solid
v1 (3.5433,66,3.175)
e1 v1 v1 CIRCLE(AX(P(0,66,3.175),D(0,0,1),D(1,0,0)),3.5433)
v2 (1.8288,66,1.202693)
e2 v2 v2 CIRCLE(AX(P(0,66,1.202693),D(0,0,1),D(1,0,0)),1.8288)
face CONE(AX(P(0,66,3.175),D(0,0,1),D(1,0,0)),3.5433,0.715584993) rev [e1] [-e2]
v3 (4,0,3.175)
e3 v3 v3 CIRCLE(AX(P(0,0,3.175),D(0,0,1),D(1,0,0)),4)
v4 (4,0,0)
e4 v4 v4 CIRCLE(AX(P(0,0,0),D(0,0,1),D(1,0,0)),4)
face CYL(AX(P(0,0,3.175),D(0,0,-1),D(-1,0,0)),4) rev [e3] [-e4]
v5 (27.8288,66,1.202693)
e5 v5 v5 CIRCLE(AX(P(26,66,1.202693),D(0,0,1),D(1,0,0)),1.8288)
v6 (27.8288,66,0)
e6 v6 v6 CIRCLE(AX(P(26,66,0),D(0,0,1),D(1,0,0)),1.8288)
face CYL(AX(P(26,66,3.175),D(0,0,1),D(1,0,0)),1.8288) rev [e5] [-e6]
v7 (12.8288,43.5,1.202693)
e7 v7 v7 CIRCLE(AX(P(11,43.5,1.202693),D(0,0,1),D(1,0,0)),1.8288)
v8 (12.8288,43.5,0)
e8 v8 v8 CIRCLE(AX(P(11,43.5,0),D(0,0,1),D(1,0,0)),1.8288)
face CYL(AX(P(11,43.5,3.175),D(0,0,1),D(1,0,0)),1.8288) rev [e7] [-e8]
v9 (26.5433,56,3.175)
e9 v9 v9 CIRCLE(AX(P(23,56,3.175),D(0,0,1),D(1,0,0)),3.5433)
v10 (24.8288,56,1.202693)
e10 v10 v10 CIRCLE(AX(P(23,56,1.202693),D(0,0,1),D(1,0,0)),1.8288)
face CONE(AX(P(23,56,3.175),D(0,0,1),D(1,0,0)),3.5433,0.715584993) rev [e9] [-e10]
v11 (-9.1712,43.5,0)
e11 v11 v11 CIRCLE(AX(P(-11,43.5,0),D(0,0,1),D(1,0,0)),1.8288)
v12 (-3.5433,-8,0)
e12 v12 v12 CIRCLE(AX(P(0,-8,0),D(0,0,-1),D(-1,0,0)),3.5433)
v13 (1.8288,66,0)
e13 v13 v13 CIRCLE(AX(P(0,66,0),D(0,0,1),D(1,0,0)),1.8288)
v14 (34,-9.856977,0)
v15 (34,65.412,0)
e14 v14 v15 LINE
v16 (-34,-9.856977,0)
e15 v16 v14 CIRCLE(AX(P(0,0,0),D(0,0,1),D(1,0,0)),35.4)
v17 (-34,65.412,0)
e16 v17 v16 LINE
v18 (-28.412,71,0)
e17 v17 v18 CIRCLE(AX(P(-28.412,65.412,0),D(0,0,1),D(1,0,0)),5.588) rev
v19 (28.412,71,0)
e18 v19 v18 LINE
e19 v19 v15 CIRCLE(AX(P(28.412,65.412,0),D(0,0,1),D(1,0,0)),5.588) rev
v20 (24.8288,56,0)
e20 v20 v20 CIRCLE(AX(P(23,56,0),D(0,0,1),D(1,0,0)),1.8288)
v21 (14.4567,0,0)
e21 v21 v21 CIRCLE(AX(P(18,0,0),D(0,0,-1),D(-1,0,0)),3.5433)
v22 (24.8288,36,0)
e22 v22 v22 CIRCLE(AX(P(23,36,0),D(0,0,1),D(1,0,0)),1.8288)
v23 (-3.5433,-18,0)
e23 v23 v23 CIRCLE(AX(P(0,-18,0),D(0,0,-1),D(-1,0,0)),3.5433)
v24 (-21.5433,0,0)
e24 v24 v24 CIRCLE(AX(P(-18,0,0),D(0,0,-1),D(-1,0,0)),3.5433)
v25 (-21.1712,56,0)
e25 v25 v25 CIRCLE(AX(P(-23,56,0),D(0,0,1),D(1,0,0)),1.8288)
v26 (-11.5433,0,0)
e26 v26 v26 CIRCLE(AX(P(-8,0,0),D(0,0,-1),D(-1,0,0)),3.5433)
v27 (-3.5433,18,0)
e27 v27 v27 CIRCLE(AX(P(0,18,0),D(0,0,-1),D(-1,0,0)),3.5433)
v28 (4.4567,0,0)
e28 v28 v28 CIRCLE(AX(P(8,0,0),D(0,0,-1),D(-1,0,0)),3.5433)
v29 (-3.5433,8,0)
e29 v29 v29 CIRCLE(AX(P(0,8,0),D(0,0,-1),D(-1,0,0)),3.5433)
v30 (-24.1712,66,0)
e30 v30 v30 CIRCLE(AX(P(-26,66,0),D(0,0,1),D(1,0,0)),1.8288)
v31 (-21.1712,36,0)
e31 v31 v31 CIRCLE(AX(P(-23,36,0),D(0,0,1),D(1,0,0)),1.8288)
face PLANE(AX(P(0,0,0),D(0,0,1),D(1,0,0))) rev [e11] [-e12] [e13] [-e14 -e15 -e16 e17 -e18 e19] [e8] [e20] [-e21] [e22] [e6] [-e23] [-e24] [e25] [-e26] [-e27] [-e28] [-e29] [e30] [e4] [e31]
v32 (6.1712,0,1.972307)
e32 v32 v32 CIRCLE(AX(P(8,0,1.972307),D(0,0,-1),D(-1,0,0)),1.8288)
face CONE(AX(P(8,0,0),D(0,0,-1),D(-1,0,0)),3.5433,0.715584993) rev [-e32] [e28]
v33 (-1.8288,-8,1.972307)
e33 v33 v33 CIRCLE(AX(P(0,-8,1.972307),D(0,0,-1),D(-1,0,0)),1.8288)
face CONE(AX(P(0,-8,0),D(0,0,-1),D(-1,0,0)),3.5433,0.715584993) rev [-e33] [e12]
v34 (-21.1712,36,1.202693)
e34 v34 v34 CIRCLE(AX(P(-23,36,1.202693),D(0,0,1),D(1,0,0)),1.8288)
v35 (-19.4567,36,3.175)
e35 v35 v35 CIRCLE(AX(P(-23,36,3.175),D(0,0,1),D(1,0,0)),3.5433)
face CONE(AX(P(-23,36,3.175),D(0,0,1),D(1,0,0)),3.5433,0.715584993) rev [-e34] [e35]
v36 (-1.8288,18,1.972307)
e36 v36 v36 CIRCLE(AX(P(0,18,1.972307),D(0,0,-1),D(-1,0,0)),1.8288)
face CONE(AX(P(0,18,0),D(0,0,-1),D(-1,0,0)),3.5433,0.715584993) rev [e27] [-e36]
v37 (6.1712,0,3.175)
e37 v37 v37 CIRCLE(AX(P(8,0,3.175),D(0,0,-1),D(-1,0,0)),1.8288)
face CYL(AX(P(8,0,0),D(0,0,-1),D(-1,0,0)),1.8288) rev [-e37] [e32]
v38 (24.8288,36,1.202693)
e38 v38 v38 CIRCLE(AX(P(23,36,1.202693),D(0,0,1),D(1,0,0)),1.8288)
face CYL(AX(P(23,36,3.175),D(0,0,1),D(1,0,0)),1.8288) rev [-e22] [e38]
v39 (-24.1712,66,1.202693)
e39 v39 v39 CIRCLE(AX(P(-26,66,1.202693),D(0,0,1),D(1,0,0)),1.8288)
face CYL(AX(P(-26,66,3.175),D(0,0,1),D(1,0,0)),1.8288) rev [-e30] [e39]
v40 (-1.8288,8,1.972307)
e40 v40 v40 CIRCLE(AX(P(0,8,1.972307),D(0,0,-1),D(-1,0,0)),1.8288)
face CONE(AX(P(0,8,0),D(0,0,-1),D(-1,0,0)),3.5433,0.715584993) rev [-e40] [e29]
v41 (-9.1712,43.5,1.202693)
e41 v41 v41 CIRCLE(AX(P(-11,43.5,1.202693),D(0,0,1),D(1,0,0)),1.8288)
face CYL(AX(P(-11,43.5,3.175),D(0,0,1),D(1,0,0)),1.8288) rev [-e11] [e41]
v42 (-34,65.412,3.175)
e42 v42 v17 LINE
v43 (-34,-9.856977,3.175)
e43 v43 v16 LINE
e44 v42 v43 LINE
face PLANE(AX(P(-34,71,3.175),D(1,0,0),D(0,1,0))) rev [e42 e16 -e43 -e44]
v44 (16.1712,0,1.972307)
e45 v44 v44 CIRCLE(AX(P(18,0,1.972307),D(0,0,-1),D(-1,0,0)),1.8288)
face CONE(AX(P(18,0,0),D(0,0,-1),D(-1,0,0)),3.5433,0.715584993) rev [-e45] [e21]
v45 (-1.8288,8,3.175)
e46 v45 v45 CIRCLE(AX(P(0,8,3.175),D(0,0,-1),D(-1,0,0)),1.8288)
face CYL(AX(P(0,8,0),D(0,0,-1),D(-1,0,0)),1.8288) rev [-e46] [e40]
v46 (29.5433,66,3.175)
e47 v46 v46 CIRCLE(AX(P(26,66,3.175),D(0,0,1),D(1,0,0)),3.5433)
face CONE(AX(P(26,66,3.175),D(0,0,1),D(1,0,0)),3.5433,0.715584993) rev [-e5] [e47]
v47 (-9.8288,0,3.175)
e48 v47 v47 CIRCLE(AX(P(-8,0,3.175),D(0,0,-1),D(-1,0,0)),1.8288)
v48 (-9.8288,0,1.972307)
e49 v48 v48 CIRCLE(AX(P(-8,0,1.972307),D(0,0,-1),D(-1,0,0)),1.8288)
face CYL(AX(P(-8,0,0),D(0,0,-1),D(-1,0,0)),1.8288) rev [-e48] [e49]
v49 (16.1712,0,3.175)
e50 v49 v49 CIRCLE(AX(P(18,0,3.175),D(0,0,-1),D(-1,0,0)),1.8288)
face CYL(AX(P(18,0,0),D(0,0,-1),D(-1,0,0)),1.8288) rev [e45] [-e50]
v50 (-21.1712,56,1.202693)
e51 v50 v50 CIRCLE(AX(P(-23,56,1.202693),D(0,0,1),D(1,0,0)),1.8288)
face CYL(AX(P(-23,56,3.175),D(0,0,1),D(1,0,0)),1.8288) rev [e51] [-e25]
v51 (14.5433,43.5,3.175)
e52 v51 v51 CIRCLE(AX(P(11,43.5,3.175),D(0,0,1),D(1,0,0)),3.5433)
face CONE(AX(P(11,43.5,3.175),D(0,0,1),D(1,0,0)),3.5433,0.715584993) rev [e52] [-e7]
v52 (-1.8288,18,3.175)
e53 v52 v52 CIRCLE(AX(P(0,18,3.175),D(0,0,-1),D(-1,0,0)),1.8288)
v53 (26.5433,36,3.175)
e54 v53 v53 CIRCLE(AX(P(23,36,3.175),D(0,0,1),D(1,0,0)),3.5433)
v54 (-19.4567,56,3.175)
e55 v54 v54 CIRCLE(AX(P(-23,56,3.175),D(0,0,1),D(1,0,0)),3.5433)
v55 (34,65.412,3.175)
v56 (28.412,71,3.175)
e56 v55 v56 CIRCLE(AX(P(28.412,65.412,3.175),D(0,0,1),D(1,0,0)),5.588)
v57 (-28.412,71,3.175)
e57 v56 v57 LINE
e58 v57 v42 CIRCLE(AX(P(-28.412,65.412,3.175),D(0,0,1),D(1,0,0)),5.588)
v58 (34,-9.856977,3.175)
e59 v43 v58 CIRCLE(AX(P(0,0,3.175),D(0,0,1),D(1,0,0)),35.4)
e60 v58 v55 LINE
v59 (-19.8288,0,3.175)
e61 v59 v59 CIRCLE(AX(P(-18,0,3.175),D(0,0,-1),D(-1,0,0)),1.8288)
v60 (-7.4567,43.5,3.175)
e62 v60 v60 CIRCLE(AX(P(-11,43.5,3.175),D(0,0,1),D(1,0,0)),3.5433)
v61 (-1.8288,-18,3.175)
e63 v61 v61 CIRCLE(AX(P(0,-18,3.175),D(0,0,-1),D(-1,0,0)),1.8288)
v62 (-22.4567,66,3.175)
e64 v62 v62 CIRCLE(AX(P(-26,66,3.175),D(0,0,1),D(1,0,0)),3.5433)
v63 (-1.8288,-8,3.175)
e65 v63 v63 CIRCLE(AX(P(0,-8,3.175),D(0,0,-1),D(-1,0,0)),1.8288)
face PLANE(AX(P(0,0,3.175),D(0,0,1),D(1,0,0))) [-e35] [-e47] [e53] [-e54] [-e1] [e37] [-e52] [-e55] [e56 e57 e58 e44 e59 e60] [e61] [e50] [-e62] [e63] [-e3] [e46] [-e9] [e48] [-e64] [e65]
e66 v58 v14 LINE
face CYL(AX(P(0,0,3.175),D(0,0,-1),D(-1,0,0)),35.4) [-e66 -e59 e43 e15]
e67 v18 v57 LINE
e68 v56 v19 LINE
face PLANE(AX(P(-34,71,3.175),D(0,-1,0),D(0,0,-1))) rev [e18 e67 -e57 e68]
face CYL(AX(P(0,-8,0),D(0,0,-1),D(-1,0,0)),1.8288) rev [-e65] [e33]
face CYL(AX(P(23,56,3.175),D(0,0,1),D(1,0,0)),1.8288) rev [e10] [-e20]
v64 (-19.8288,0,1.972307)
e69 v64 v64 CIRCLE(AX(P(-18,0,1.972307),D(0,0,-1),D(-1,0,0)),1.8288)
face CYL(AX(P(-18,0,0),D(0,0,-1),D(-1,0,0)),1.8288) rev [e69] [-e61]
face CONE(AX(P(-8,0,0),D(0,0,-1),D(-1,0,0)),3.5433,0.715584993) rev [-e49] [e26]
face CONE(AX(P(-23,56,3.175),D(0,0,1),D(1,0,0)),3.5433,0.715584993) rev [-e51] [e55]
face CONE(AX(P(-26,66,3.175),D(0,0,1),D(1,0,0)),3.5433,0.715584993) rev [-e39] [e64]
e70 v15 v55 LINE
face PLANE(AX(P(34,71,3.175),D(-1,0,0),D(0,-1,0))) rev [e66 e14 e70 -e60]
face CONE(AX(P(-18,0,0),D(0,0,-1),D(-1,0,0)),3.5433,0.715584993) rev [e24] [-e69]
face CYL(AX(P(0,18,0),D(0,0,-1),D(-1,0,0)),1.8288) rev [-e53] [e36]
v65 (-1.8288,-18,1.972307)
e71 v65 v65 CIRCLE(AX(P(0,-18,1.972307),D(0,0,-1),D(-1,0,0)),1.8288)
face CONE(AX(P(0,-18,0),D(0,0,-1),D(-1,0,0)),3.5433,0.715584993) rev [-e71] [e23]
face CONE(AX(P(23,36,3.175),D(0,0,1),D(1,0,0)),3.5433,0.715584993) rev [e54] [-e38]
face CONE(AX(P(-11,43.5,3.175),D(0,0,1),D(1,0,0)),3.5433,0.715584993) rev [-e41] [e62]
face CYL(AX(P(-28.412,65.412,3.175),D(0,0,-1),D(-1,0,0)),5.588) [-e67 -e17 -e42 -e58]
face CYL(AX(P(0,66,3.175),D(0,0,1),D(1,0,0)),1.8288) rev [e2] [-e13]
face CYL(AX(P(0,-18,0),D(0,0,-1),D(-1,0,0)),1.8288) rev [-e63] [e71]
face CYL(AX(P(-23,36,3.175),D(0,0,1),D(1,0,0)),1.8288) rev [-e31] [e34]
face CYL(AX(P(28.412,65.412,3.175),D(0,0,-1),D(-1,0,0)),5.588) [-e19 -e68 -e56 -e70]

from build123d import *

# Parameters (mm, degrees)
SKETCH1_R                                     = 4
BOSS_EXTRUDE1_DEPTH                           = 3.175
FILLET1_R                                     = 5.588
CSK_FOR_6_FLAT_HEAD_MACHINE_SCREW1_AT_2_COUNT = 2
CSK_FOR_6_FLAT_HEAD_MACHINE_SCREW1_AT_2_PITCH = 16
CSK_FOR_6_FLAT_HEAD_MACHINE_SCREW1_AT_3_COUNT = 2
CSK_FOR_6_FLAT_HEAD_MACHINE_SCREW1_AT_3_PITCH = 11.313708499
CSK_FOR_6_FLAT_HEAD_MACHINE_SCREW1_AT_4_COUNT = 2
CSK_FOR_6_FLAT_HEAD_MACHINE_SCREW1_AT_4_PITCH = 11.313708499
CSK_FOR_6_FLAT_HEAD_MACHINE_SCREW1_AT_5_COUNT = 2
CSK_FOR_6_FLAT_HEAD_MACHINE_SCREW1_AT_5_PITCH = 19.697715604
CSK_FOR_6_FLAT_HEAD_MACHINE_SCREW1_AT_6_COUNT = 2
CSK_FOR_6_FLAT_HEAD_MACHINE_SCREW1_AT_6_PITCH = 26
CSK_FOR_6_FLAT_HEAD_MACHINE_SCREW1_AT_7_COUNT = 2
CSK_FOR_6_FLAT_HEAD_MACHINE_SCREW1_AT_7_PITCH = 19.697715604
CSK_FOR_6_FLAT_HEAD_MACHINE_SCREW1_AT_8_COUNT = 2
CSK_FOR_6_FLAT_HEAD_MACHINE_SCREW1_AT_8_PITCH = 10
CSK_FOR_6_FLAT_HEAD_MACHINE_SCREW2_AT_2_COUNT = 2
CSK_FOR_6_FLAT_HEAD_MACHINE_SCREW2_AT_2_PITCH = 20
CSK_FOR_6_FLAT_HEAD_MACHINE_SCREW2_AT_3_COUNT = 2
CSK_FOR_6_FLAT_HEAD_MACHINE_SCREW2_AT_3_PITCH = 37.802116343
CSK_FOR_6_FLAT_HEAD_MACHINE_SCREW2_AT_4_COUNT = 2
CSK_FOR_6_FLAT_HEAD_MACHINE_SCREW2_AT_4_PITCH = 34.817380717
CSK_FOR_6_FLAT_HEAD_MACHINE_SCREW2_AT_5_COUNT = 2
CSK_FOR_6_FLAT_HEAD_MACHINE_SCREW2_AT_5_PITCH = 46
CSK_FOR_6_FLAT_HEAD_MACHINE_SCREW2_AT_6_COUNT = 2
CSK_FOR_6_FLAT_HEAD_MACHINE_SCREW2_AT_6_PITCH = 50.159744816
CSK_FOR_6_FLAT_HEAD_MACHINE_SCREW2_AT_7_COUNT = 2
CSK_FOR_6_FLAT_HEAD_MACHINE_SCREW2_AT_7_PITCH = 57.454329689
CSK_FOR_6_FLAT_HEAD_MACHINE_SCREW2_AT_8_COUNT = 2
CSK_FOR_6_FLAT_HEAD_MACHINE_SCREW2_AT_8_PITCH = 30.149626863
CSK_FOR_6_FLAT_HEAD_MACHINE_SCREW2_AT_9_COUNT = 2
CSK_FOR_6_FLAT_HEAD_MACHINE_SCREW2_AT_9_PITCH = 14.150971698


with BuildPart() as part:
    # Sketch1 → Boss-Extrude1 (new body)
    with BuildSketch(Plane.XY):
        with BuildLine():
            Line((-34, 71), (-34, -9.856977224))
            ThreePointArc((-34, -9.856977224), (0, -35.4), (34, -9.856977224))
            Line((34, -9.856977224), (34, 71))
            Line((34, 71), (-34, 71))
        make_face()
        Circle(SKETCH1_R, mode=Mode.SUBTRACT)
    extrude(amount=BOSS_EXTRUDE1_DEPTH)

    # Fillet1
    fillet1_edges = [part.edges().sort_by_distance(p)[0] for p in [
        (-34, 71, 1.5875),
        (34, 71, 1.5875),
    ]]
    fillet(fillet1_edges, radius=FILLET1_R)

    # Sketch7 → CSK for #6 Flat Head Machine Screw1 (revolve, cut)
    with BuildSketch(Plane(origin=(0, 8, 0), x_dir=(0, 1, 0), z_dir=(1, 0, 0))):
        Polygon((0, 0), (0, 3.175), (1.8288, 3.175), (1.8288, 1.972306634), (3.5433, 0), align=None)
    csk_for_6_flat_head_machine_screw1 = revolve(axis=Axis((0, 8, -6.35), (0, 0, 1)), mode=Mode.SUBTRACT)

    # CSK for #6 Flat Head Machine Screw1 at 2: CSK for #6 Flat Head Machine Screw1 ×2
    with Locations(*[(0, -i * CSK_FOR_6_FLAT_HEAD_MACHINE_SCREW1_AT_2_PITCH, 0) for i in range(1, CSK_FOR_6_FLAT_HEAD_MACHINE_SCREW1_AT_2_COUNT)]):
        add(csk_for_6_flat_head_machine_screw1, mode=Mode.SUBTRACT)

    # CSK for #6 Flat Head Machine Screw1 at 3: CSK for #6 Flat Head Machine Screw1 ×2
    with Locations(*[Vector(0.7071067811865476, -0.7071067811865476, 0) * (i * CSK_FOR_6_FLAT_HEAD_MACHINE_SCREW1_AT_3_PITCH) for i in range(1, CSK_FOR_6_FLAT_HEAD_MACHINE_SCREW1_AT_3_COUNT)]):
        add(csk_for_6_flat_head_machine_screw1, mode=Mode.SUBTRACT)

    # CSK for #6 Flat Head Machine Screw1 at 4: CSK for #6 Flat Head Machine Screw1 ×2
    with Locations(*[Vector(-0.7071067811865476, -0.7071067811865476, 0) * (i * CSK_FOR_6_FLAT_HEAD_MACHINE_SCREW1_AT_4_PITCH) for i in range(1, CSK_FOR_6_FLAT_HEAD_MACHINE_SCREW1_AT_4_COUNT)]):
        add(csk_for_6_flat_head_machine_screw1, mode=Mode.SUBTRACT)

    # CSK for #6 Flat Head Machine Screw1 at 5: CSK for #6 Flat Head Machine Screw1 ×2
    with Locations(*[Vector(0.9138115486202574, -0.40613846605344706, 0) * (i * CSK_FOR_6_FLAT_HEAD_MACHINE_SCREW1_AT_5_PITCH) for i in range(1, CSK_FOR_6_FLAT_HEAD_MACHINE_SCREW1_AT_5_COUNT)]):
        add(csk_for_6_flat_head_machine_screw1, mode=Mode.SUBTRACT)

    # CSK for #6 Flat Head Machine Screw1 at 6: CSK for #6 Flat Head Machine Screw1 ×2
    with Locations(*[(0, -i * CSK_FOR_6_FLAT_HEAD_MACHINE_SCREW1_AT_6_PITCH, 0) for i in range(1, CSK_FOR_6_FLAT_HEAD_MACHINE_SCREW1_AT_6_COUNT)]):
        add(csk_for_6_flat_head_machine_screw1, mode=Mode.SUBTRACT)

    # CSK for #6 Flat Head Machine Screw1 at 7: CSK for #6 Flat Head Machine Screw1 ×2
    with Locations(*[Vector(-0.9138115486202574, -0.40613846605344706, 0) * (i * CSK_FOR_6_FLAT_HEAD_MACHINE_SCREW1_AT_7_PITCH) for i in range(1, CSK_FOR_6_FLAT_HEAD_MACHINE_SCREW1_AT_7_COUNT)]):
        add(csk_for_6_flat_head_machine_screw1, mode=Mode.SUBTRACT)

    # CSK for #6 Flat Head Machine Screw1 at 8: CSK for #6 Flat Head Machine Screw1 ×2
    with Locations(*[(0, i * CSK_FOR_6_FLAT_HEAD_MACHINE_SCREW1_AT_8_PITCH, 0) for i in range(1, CSK_FOR_6_FLAT_HEAD_MACHINE_SCREW1_AT_8_COUNT)]):
        add(csk_for_6_flat_head_machine_screw1, mode=Mode.SUBTRACT)

    # Sketch9 → CSK for #6 Flat Head Machine Screw2 (revolve, cut)
    with BuildSketch(Plane(origin=(23, 36, 3.175), x_dir=(0, -1, 0), z_dir=(1, 0, 0))):
        Polygon((0, 0), (0, 3.175), (1.8288, 3.175), (1.8288, 1.972306634), (3.5433, 0), align=None)
    csk_for_6_flat_head_machine_screw2 = revolve(axis=Axis((23, 36, 9.525), (0, 0, -1)), mode=Mode.SUBTRACT)

    # CSK for #6 Flat Head Machine Screw2 at 2: CSK for #6 Flat Head Machine Screw2 ×2
    with Locations(*[(0, i * CSK_FOR_6_FLAT_HEAD_MACHINE_SCREW2_AT_2_PITCH, 0) for i in range(1, CSK_FOR_6_FLAT_HEAD_MACHINE_SCREW2_AT_2_COUNT)]):
        add(csk_for_6_flat_head_machine_screw2, mode=Mode.SUBTRACT)

    # CSK for #6 Flat Head Machine Screw2 at 3: CSK for #6 Flat Head Machine Screw2 ×2
    with Locations(*[Vector(-0.6084315436571349, 0.7936063612919166, 0) * (i * CSK_FOR_6_FLAT_HEAD_MACHINE_SCREW2_AT_3_PITCH) for i in range(1, CSK_FOR_6_FLAT_HEAD_MACHINE_SCREW2_AT_3_COUNT)]):
        add(csk_for_6_flat_head_machine_screw2, mode=Mode.SUBTRACT)

    # CSK for #6 Flat Head Machine Screw2 at 4: CSK for #6 Flat Head Machine Screw2 ×2
    with Locations(*[Vector(-0.9765237734639312, 0.21540965591116132, 0) * (i * CSK_FOR_6_FLAT_HEAD_MACHINE_SCREW2_AT_4_PITCH) for i in range(1, CSK_FOR_6_FLAT_HEAD_MACHINE_SCREW2_AT_4_COUNT)]):
        add(csk_for_6_flat_head_machine_screw2, mode=Mode.SUBTRACT)

    # CSK for #6 Flat Head Machine Screw2 at 5: CSK for #6 Flat Head Machine Screw2 ×2
    with Locations(*[(-i * CSK_FOR_6_FLAT_HEAD_MACHINE_SCREW2_AT_5_PITCH, 0, 0) for i in range(1, CSK_FOR_6_FLAT_HEAD_MACHINE_SCREW2_AT_5_COUNT)]):
        add(csk_for_6_flat_head_machine_screw2, mode=Mode.SUBTRACT)

    # CSK for #6 Flat Head Machine Screw2 at 6: CSK for #6 Flat Head Machine Screw2 ×2
    with Locations(*[Vector(-0.9170700562532351, 0.3987261114144499, 0) * (i * CSK_FOR_6_FLAT_HEAD_MACHINE_SCREW2_AT_6_PITCH) for i in range(1, CSK_FOR_6_FLAT_HEAD_MACHINE_SCREW2_AT_6_COUNT)]):
        add(csk_for_6_flat_head_machine_screw2, mode=Mode.SUBTRACT)

    # CSK for #6 Flat Head Machine Screw2 at 7: CSK for #6 Flat Head Machine Screw2 ×2
    with Locations(*[Vector(-0.8528513040762653, 0.52215385963853, 0) * (i * CSK_FOR_6_FLAT_HEAD_MACHINE_SCREW2_AT_7_PITCH) for i in range(1, CSK_FOR_6_FLAT_HEAD_MACHINE_SCREW2_AT_7_COUNT)]):
        add(csk_for_6_flat_head_machine_screw2, mode=Mode.SUBTRACT)

    # CSK for #6 Flat Head Machine Screw2 at 8: CSK for #6 Flat Head Machine Screw2 ×2
    with Locations(*[Vector(0.09950371902099815, 0.9950371902099893, 0) * (i * CSK_FOR_6_FLAT_HEAD_MACHINE_SCREW2_AT_8_PITCH) for i in range(1, CSK_FOR_6_FLAT_HEAD_MACHINE_SCREW2_AT_8_COUNT)]):
        add(csk_for_6_flat_head_machine_screw2, mode=Mode.SUBTRACT)

    # CSK for #6 Flat Head Machine Screw2 at 9: CSK for #6 Flat Head Machine Screw2 ×2
    with Locations(*[Vector(-0.8479983040050879, 0.5299989400031803, 0) * (i * CSK_FOR_6_FLAT_HEAD_MACHINE_SCREW2_AT_9_PITCH) for i in range(1, CSK_FOR_6_FLAT_HEAD_MACHINE_SCREW2_AT_9_COUNT)]):
        add(csk_for_6_flat_head_machine_screw2, mode=Mode.SUBTRACT)


solid = part.part
